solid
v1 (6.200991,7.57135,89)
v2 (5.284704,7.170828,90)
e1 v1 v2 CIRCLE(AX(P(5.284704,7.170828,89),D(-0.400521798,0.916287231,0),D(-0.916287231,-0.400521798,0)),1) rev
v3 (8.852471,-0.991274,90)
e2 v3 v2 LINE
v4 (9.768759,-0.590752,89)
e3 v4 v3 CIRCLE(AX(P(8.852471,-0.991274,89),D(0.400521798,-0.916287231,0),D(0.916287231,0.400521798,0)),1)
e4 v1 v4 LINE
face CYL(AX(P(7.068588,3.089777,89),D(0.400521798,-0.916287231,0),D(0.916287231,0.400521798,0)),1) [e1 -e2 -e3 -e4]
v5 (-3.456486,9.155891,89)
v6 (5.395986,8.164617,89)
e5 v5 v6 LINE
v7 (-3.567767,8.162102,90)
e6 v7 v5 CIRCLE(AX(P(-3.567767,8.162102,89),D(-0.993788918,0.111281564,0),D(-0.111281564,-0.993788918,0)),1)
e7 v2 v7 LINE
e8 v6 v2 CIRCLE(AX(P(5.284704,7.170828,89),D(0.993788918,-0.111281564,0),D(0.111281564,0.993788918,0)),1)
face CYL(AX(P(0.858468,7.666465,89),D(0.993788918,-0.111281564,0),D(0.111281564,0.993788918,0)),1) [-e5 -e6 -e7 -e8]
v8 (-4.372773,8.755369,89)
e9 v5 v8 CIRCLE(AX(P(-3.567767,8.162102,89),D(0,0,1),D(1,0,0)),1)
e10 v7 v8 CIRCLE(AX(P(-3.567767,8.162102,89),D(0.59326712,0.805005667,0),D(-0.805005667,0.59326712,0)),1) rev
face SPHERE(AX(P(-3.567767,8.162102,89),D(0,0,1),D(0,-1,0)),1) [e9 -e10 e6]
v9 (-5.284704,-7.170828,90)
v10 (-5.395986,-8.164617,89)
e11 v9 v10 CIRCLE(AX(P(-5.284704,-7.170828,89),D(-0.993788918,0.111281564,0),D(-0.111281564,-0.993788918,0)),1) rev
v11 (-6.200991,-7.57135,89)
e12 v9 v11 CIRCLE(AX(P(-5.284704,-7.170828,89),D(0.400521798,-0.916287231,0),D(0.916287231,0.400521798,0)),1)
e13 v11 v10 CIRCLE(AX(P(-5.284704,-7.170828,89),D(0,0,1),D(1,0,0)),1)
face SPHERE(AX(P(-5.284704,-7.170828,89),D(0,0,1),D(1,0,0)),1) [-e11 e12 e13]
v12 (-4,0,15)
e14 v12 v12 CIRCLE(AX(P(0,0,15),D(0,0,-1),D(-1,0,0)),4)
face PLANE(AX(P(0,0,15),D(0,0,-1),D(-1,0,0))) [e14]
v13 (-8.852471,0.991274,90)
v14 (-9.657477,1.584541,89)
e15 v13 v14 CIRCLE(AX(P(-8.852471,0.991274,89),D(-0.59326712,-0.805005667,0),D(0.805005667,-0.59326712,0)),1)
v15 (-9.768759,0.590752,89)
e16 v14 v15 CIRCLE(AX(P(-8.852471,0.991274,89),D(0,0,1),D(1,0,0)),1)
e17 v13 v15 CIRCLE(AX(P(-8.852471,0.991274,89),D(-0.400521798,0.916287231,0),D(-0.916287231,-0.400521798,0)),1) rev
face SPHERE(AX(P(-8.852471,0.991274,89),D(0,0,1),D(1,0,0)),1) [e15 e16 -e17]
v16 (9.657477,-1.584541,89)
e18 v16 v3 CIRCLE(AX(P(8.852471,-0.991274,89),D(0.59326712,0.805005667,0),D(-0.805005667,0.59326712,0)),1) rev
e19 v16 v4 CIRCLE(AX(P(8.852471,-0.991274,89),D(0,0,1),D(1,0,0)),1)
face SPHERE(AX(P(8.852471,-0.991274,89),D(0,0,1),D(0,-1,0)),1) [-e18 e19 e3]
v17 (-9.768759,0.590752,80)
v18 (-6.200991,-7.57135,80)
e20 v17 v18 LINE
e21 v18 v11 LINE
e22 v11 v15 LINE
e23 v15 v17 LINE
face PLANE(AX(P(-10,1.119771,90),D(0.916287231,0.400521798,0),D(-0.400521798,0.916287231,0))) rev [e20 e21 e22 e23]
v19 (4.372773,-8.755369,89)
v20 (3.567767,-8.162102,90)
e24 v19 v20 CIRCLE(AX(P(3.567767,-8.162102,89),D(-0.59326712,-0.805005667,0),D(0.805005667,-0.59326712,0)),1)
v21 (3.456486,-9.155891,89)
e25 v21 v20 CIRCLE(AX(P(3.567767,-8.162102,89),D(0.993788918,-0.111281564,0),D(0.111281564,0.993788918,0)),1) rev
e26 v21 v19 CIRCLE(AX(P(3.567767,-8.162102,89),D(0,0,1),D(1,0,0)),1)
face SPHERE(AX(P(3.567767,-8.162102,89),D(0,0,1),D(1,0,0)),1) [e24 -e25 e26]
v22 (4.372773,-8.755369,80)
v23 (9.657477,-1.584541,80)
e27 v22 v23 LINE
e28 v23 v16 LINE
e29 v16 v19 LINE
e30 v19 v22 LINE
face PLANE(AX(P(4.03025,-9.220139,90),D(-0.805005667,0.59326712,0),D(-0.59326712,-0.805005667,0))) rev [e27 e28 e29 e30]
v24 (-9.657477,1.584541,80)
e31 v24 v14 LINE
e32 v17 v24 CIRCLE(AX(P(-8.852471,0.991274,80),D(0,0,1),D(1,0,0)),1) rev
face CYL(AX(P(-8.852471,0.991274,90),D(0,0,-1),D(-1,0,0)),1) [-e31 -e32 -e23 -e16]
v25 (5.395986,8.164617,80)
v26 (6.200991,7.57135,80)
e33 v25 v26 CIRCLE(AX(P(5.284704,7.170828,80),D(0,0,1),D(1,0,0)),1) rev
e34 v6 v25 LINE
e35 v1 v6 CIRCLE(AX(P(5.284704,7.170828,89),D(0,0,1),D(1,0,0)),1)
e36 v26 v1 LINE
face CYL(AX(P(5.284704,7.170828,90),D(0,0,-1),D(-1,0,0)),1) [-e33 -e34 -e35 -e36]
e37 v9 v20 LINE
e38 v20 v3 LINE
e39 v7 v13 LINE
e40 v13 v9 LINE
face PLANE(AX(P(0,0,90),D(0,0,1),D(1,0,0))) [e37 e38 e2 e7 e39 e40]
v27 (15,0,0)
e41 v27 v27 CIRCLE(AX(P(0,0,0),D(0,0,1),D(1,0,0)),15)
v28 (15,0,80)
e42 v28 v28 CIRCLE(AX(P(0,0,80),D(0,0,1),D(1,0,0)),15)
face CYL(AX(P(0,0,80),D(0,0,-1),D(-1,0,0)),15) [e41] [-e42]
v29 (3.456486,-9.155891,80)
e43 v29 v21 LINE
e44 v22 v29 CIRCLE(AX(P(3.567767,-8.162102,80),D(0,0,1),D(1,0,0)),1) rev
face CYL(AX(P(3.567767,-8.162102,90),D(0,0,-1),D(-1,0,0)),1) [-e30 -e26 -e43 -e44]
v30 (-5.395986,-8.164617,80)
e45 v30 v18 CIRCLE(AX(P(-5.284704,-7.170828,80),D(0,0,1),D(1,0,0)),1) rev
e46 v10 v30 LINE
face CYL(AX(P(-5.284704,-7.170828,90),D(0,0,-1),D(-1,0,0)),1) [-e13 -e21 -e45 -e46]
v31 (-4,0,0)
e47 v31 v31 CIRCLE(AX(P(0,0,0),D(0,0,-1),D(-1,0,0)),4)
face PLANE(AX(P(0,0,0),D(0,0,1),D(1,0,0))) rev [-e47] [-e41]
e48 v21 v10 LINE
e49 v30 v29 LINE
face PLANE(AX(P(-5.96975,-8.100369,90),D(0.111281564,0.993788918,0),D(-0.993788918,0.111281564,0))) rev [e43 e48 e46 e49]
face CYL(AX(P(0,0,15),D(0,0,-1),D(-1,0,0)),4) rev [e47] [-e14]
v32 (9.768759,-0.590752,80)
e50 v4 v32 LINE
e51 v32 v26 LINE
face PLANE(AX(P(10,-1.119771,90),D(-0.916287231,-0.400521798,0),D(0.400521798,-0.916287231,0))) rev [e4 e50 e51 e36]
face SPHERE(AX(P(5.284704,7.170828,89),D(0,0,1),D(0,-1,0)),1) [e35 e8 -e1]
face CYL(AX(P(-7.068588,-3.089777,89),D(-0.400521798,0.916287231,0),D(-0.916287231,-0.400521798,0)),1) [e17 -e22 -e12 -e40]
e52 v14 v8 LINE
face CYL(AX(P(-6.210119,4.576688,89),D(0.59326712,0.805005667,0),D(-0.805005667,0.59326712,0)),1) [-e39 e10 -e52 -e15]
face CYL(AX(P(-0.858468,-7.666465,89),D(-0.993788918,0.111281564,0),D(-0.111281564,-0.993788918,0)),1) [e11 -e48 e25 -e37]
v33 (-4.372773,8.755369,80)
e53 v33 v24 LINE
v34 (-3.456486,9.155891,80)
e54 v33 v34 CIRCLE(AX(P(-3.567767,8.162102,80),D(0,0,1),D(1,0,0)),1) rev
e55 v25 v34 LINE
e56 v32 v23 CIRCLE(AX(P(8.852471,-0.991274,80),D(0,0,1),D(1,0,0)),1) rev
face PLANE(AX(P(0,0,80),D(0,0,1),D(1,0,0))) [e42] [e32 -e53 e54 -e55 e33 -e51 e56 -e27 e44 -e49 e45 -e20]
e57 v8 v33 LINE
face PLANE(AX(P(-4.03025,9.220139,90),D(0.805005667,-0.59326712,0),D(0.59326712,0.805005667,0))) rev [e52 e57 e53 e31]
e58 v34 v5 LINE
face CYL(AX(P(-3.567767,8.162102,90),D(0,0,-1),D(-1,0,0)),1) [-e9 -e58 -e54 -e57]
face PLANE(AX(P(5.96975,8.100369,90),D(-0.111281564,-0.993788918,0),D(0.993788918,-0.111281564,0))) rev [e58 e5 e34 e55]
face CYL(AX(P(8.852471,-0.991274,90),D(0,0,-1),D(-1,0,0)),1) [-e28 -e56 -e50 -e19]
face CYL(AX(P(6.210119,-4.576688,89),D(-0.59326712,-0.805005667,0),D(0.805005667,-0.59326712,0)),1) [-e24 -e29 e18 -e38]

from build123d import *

# Parameters (mm, degrees)
SKETCH1_R           = 15
BOSS_EXTRUDE1_DEPTH = 80
SKETCH2_R           = 4
CUT_EXTRUDE1_DEPTH  = 15
BOSS_EXTRUDE2_DEPTH = 10
FILLET1_R           = 1


with BuildPart() as part:
    # Sketch1 → Boss-Extrude1 (new body)
    with BuildSketch(Plane.XY):
        Circle(SKETCH1_R)
    extrude(amount=BOSS_EXTRUDE1_DEPTH)

    # Sketch2 → Cut-Extrude1 (cut)
    with BuildSketch(Plane(origin=(0, 0, 0), x_dir=(-1, 0, 0), z_dir=(0, 0, -1))):
        Circle(SKETCH2_R)
    extrude(amount=-CUT_EXTRUDE1_DEPTH, mode=Mode.SUBTRACT)

    # Sketch4 → Boss-Extrude2 (add)
    with BuildSketch(Plane.XY.offset(80)):
        Polygon((5.969749807, 8.100368726), (-4.030250193, 9.22013935), (-10, 1.119770624), (-5.969749807, -8.100368726), (4.030250193, -9.22013935), (10, -1.119770624), align=None)
    extrude(amount=BOSS_EXTRUDE2_DEPTH)

    # Fillet1
    fillet1_edges = [part.edges().sort_by_distance(p)[0] for p in [
        (10, -1.119770624, 85),
        (5.969749807, 8.100368726, 85),
        (-4.030250193, 9.22013935, 85),
        (-10, 1.119770624, 85),
        (-5.969749807, -8.100368726, 85),
        (4.030250193, -9.22013935, 85),
        (7.984874903, 3.490299051, 90),
        (0.969749807, 8.660254038, 90),
        (-7.015125097, 5.169954987, 90),
        (-7.984874903, -3.490299051, 90),
        (-0.969749807, -8.660254038, 90),
        (7.015125097, -5.169954987, 90),
    ]]
    fillet(fillet1_edges, radius=FILLET1_R)


solid = part.part
